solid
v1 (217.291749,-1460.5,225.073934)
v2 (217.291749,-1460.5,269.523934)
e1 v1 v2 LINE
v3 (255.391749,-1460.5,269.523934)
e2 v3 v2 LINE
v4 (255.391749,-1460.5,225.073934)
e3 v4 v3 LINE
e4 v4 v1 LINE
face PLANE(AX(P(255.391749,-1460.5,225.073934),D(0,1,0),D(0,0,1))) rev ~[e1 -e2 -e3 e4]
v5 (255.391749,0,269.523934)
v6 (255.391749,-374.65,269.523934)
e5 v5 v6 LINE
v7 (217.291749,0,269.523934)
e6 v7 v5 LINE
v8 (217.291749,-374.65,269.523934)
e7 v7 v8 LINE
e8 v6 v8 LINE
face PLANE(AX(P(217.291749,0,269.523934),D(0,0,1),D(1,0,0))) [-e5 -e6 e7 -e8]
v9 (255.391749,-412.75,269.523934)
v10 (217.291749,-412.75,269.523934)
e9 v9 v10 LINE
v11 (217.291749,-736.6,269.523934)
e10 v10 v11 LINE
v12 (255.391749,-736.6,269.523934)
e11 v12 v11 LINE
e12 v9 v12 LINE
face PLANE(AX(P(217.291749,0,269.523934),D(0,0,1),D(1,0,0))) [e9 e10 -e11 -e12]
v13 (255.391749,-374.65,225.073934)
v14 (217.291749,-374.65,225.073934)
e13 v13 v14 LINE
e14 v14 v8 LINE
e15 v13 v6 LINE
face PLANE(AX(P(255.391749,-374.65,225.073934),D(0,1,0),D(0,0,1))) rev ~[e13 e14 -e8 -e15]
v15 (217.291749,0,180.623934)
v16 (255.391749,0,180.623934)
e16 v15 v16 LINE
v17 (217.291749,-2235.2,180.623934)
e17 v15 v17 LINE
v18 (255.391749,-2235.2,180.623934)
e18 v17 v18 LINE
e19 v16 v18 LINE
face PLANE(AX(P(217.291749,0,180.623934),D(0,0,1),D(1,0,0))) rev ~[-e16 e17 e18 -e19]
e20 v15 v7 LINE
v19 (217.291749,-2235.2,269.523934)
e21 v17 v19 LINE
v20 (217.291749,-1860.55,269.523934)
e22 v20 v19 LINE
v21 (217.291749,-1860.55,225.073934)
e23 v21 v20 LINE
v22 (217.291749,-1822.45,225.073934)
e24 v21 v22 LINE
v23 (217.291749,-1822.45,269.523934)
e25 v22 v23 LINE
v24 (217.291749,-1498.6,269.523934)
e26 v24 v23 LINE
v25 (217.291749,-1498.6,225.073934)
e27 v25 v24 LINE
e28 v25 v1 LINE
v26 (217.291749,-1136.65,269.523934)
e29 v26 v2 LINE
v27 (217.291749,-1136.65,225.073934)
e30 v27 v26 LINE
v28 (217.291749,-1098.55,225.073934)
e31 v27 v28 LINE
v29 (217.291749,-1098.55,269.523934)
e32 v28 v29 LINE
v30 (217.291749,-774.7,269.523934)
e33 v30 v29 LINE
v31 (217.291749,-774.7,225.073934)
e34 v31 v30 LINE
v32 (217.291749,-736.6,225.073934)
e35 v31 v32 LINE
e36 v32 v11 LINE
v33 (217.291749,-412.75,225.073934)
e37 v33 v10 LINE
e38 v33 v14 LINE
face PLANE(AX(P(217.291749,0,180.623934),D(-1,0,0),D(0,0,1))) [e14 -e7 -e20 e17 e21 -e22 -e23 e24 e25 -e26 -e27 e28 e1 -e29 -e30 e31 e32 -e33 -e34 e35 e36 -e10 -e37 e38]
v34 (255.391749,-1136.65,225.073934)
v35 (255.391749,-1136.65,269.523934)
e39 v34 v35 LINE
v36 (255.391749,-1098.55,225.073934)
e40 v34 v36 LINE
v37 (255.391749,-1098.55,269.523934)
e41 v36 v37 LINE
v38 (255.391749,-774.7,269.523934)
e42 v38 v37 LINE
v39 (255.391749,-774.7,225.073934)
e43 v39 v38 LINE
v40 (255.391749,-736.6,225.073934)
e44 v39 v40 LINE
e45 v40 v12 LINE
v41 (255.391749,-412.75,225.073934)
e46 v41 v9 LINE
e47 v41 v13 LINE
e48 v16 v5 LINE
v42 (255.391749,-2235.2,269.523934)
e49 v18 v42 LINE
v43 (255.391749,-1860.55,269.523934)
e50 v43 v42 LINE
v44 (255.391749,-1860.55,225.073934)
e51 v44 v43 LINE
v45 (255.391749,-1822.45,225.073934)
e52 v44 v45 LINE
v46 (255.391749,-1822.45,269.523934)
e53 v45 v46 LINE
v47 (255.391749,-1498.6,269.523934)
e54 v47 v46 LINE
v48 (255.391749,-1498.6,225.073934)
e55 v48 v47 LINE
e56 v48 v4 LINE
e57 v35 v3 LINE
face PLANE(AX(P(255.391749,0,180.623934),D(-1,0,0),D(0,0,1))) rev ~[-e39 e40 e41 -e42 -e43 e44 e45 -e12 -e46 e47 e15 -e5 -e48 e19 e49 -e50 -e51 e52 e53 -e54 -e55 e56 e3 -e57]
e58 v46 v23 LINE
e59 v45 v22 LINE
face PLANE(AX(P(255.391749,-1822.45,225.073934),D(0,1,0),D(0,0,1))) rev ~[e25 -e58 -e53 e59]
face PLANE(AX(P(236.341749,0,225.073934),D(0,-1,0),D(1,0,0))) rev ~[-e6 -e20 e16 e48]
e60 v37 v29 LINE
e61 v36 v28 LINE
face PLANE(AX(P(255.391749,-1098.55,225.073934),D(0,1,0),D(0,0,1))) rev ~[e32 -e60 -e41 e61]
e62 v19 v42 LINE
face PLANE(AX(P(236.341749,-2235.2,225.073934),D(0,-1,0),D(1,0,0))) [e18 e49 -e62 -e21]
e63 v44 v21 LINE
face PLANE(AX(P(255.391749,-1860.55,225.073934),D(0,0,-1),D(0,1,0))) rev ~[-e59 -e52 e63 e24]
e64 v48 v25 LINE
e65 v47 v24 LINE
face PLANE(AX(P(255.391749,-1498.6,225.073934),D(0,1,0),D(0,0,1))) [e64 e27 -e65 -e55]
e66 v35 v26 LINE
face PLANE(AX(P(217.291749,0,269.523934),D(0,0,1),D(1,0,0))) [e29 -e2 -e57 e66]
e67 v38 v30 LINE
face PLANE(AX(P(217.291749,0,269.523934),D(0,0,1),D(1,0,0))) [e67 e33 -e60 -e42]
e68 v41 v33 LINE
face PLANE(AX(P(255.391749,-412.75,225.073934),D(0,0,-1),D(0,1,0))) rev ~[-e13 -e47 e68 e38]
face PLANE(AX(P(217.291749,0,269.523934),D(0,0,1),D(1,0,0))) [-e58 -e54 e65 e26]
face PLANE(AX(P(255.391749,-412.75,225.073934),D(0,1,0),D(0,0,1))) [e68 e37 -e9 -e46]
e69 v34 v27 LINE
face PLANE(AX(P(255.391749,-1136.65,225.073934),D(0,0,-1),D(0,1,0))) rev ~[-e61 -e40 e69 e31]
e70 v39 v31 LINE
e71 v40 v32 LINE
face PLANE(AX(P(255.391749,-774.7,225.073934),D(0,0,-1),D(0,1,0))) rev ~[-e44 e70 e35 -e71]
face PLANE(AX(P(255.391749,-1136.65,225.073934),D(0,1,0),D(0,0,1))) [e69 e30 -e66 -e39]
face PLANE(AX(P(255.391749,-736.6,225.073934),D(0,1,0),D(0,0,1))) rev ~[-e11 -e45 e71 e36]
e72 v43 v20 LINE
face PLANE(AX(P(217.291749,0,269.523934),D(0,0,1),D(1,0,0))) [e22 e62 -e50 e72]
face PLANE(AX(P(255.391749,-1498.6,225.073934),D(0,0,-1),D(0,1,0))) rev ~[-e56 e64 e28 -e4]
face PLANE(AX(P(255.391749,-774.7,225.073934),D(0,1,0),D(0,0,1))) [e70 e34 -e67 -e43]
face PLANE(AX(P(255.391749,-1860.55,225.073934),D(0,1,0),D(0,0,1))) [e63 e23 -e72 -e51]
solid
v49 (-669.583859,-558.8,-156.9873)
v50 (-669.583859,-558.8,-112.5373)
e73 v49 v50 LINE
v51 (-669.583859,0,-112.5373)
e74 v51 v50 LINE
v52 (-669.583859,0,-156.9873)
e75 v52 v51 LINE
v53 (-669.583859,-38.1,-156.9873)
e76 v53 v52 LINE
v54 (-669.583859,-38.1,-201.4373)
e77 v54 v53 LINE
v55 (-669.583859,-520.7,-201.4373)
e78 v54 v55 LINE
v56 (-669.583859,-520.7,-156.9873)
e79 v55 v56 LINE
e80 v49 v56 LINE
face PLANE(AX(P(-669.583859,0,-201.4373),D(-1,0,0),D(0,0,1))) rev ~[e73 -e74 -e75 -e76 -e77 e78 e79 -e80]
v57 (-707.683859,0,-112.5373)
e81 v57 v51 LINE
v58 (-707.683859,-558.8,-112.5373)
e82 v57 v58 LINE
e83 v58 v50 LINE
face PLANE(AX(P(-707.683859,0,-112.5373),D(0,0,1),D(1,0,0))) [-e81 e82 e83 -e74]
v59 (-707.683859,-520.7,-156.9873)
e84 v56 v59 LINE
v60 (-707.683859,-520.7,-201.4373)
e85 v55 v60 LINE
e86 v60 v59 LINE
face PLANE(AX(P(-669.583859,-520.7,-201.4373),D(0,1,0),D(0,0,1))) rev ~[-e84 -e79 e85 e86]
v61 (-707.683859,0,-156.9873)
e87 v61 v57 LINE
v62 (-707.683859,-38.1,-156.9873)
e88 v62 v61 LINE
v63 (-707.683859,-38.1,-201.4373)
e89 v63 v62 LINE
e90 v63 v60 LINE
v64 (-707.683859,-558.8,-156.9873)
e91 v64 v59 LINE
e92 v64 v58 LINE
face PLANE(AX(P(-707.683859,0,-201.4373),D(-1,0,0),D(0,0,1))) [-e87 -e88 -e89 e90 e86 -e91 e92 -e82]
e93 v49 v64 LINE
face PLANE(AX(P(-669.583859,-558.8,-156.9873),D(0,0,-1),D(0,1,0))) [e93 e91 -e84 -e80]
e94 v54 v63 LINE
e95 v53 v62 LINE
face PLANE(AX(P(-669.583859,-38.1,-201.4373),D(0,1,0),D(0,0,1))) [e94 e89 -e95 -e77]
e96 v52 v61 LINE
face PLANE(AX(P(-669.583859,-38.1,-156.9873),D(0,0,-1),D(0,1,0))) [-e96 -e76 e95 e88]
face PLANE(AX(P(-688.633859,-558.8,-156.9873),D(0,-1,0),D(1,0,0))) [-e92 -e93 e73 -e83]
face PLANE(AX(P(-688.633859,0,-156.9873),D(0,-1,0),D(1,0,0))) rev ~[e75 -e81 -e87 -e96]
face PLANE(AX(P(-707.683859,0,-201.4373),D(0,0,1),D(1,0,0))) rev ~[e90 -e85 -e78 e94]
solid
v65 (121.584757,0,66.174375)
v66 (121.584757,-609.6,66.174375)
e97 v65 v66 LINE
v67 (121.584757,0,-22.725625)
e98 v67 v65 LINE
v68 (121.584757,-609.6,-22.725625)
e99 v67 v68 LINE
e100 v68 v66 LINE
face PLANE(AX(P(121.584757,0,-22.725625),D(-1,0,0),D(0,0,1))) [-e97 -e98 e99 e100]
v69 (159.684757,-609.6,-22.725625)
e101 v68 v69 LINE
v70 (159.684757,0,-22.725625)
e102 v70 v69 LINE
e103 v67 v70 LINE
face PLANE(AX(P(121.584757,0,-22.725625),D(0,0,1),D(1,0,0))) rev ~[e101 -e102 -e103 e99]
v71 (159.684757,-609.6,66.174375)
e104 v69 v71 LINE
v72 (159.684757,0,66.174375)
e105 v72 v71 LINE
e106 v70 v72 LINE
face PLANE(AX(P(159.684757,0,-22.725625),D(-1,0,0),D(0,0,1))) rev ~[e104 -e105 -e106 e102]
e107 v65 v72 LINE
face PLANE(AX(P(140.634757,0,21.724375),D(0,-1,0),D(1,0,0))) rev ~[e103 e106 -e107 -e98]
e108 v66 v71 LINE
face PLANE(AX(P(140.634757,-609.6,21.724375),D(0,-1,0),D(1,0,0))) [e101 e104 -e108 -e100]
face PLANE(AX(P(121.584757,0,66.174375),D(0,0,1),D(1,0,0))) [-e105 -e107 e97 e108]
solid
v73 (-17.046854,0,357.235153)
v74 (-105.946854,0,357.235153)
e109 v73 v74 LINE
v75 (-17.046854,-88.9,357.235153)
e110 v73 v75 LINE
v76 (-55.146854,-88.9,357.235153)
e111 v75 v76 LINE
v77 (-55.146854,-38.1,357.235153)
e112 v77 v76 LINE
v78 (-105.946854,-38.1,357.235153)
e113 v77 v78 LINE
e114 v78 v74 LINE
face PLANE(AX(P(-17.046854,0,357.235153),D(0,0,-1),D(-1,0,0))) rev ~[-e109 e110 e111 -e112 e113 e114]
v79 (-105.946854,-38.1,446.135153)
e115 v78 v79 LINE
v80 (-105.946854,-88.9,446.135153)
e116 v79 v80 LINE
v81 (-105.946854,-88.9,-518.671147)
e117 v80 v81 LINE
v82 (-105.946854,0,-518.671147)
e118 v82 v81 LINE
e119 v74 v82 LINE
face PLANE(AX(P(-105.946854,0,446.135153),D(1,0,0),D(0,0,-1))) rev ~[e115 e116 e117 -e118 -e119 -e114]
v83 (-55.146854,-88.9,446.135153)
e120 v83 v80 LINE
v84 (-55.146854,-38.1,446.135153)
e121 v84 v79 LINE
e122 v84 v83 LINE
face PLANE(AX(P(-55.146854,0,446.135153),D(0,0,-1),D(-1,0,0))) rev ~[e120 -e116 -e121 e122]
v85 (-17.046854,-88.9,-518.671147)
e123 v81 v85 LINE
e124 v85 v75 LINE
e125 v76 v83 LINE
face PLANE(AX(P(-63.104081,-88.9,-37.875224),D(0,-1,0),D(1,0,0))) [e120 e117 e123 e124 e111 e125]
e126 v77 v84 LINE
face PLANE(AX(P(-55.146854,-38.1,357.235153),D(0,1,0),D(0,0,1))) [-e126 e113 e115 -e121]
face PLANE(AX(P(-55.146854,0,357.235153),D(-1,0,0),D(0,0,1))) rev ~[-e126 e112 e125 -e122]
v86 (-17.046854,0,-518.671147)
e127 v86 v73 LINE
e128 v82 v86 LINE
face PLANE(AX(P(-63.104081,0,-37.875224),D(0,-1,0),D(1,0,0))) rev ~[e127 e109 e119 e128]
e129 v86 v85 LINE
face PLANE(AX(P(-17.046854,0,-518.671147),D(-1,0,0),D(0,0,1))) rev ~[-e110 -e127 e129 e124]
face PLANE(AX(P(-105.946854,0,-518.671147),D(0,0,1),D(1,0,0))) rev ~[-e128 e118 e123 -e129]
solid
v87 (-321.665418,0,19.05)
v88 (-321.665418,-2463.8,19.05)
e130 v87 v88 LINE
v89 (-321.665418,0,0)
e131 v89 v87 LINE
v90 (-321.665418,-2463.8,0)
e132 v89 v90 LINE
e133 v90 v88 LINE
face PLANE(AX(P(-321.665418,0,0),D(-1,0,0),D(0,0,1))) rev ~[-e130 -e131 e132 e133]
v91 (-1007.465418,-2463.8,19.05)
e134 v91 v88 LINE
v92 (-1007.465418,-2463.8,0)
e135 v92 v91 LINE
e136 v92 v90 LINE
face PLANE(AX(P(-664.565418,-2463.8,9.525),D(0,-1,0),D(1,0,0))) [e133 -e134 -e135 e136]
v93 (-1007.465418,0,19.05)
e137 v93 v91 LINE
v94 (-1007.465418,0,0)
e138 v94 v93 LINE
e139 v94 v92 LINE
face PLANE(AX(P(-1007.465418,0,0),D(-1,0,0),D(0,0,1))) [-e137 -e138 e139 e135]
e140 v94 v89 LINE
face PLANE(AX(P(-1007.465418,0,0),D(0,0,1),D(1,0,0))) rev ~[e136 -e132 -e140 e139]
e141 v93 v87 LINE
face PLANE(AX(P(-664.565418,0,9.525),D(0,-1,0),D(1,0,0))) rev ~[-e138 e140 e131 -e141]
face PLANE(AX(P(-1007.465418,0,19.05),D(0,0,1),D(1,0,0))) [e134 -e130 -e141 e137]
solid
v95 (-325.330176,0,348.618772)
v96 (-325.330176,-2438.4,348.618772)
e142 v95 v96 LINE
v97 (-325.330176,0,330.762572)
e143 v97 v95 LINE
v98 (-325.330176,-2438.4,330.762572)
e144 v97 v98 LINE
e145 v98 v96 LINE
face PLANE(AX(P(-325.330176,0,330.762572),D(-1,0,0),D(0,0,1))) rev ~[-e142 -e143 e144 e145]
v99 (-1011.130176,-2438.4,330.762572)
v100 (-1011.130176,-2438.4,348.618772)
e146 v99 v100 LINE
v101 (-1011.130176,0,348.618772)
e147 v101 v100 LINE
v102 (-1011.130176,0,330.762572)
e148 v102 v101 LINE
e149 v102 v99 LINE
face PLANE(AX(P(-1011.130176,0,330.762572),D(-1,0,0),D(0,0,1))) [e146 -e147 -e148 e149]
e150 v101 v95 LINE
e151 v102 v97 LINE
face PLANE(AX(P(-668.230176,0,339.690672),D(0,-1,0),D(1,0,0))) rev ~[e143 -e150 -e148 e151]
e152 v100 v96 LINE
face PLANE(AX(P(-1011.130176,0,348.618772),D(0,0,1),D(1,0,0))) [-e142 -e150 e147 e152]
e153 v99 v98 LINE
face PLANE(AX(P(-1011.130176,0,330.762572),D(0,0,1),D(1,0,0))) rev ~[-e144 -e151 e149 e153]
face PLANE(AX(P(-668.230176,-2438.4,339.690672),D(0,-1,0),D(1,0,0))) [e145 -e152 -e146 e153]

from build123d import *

# Parameters (mm, degrees)
F1_DEPTH  = 88.9
F2_W      = 38.1
F2_H      = 88.9
F3_DEPTH  = 50.8
F4_W      = 38.1
F4_H      = 88.9
F5_DEPTH  = 2235.2
F7_W      = 38.1
F7_H      = 88.9
F8_DEPTH  = 609.6
F9_W      = 685.8
F9_H      = 19.05
F10_DEPTH = 2463.8
F6_W      = 38.1
F6_H      = 44.45
F11_DEPTH = 38.1
F12_W     = 38.1
F12_H     = 88.9
F13_DEPTH = 558.8
F14_W     = 38.1
F14_H     = 44.45
F15_DEPTH = 38.1
F16_W     = 685.8
F16_H     = 17.8562
F17_DEPTH = 2438.4


with BuildPart() as f1:
    # F0 (on Front) → F1 (new body)
    with BuildSketch(Plane.XZ):
        Polygon((-17.0468537569, -518.6711472642), (-17.0468537569, 357.2351527358), (-55.1468537569, 357.2351527358), (-55.1468537569, 446.1351527358), (-105.9468537569, 446.1351527358), (-105.9468537569, -518.6711472642), align=None)
    extrude(amount=F1_DEPTH)

    # F2 (on face) → F3 (cut, through all)
    with BuildSketch(Plane.YZ.offset(-55.1468537569)):
        with Locations((-19.05, 401.6851527358)):
            Rectangle(F2_W, F2_H)
    extrude(amount=-F3_DEPTH, mode=Mode.SUBTRACT)


with BuildPart() as f5:
    # F4 (on Front) → F5 (new body)
    with BuildSketch(Plane.XZ):
        with Locations((236.3417492897, 225.0739336014)):
            Rectangle(F4_W, F4_H)
    extrude(amount=F5_DEPTH)

    # F6 (on face) → F11 (cut, through all)
    with BuildSketch(Plane.YZ.offset(255.3917492897)):
        with Locations((-1841.5, 247.2989336014)):
            Rectangle(F6_W, F6_H)
        with Locations((-1479.55, 247.2989336014)):
            Rectangle(F6_W, F6_H)
        with Locations((-1117.6, 247.2989336014)):
            Rectangle(F6_W, F6_H)
        with Locations((-755.65, 247.2989336014)):
            Rectangle(F6_W, F6_H)
        with Locations((-393.7, 247.2989336014)):
            Rectangle(F6_W, F6_H)
    extrude(amount=-F11_DEPTH, mode=Mode.SUBTRACT)


with BuildPart() as f8:
    # F7 (on Front) → F8 (new body)
    with BuildSketch(Plane.XZ):
        with Locations((140.6347565353, 21.7243745106)):
            Rectangle(F7_W, F7_H)
    extrude(amount=F8_DEPTH)


with BuildPart() as f10:
    # F9 (on Front) → F10 (new body)
    with BuildSketch(Plane.XZ):
        with Locations((-664.5654184074, 9.525)):
            Rectangle(F9_W, F9_H)
    extrude(amount=F10_DEPTH)


with BuildPart() as f13:
    # F12 (on Front) → F13 (new body)
    with BuildSketch(Plane.XZ):
        with Locations((-688.6338591576, -156.9873003576)):
            Rectangle(F12_W, F12_H)
    extrude(amount=F13_DEPTH)

    # F14 (on face) → F15 (cut, through all)
    with BuildSketch(Plane.YZ.offset(-669.5838591576)):
        with Locations((-539.75, -179.2123003576)):
            Rectangle(F14_W, F14_H)
        with Locations((-19.05, -179.2123003576)):
            Rectangle(F14_W, F14_H)
    extrude(amount=-F15_DEPTH, mode=Mode.SUBTRACT)


with BuildPart() as f17:
    # F16 (on Front) → F17 (new body)
    with BuildSketch(Plane.XZ):
        with Locations((-668.230175972, 339.6906721428)):
            Rectangle(F16_W, F16_H)
    extrude(amount=F17_DEPTH)


solid = Compound([f1.part, f5.part, f8.part, f10.part, f13.part, f17.part])
